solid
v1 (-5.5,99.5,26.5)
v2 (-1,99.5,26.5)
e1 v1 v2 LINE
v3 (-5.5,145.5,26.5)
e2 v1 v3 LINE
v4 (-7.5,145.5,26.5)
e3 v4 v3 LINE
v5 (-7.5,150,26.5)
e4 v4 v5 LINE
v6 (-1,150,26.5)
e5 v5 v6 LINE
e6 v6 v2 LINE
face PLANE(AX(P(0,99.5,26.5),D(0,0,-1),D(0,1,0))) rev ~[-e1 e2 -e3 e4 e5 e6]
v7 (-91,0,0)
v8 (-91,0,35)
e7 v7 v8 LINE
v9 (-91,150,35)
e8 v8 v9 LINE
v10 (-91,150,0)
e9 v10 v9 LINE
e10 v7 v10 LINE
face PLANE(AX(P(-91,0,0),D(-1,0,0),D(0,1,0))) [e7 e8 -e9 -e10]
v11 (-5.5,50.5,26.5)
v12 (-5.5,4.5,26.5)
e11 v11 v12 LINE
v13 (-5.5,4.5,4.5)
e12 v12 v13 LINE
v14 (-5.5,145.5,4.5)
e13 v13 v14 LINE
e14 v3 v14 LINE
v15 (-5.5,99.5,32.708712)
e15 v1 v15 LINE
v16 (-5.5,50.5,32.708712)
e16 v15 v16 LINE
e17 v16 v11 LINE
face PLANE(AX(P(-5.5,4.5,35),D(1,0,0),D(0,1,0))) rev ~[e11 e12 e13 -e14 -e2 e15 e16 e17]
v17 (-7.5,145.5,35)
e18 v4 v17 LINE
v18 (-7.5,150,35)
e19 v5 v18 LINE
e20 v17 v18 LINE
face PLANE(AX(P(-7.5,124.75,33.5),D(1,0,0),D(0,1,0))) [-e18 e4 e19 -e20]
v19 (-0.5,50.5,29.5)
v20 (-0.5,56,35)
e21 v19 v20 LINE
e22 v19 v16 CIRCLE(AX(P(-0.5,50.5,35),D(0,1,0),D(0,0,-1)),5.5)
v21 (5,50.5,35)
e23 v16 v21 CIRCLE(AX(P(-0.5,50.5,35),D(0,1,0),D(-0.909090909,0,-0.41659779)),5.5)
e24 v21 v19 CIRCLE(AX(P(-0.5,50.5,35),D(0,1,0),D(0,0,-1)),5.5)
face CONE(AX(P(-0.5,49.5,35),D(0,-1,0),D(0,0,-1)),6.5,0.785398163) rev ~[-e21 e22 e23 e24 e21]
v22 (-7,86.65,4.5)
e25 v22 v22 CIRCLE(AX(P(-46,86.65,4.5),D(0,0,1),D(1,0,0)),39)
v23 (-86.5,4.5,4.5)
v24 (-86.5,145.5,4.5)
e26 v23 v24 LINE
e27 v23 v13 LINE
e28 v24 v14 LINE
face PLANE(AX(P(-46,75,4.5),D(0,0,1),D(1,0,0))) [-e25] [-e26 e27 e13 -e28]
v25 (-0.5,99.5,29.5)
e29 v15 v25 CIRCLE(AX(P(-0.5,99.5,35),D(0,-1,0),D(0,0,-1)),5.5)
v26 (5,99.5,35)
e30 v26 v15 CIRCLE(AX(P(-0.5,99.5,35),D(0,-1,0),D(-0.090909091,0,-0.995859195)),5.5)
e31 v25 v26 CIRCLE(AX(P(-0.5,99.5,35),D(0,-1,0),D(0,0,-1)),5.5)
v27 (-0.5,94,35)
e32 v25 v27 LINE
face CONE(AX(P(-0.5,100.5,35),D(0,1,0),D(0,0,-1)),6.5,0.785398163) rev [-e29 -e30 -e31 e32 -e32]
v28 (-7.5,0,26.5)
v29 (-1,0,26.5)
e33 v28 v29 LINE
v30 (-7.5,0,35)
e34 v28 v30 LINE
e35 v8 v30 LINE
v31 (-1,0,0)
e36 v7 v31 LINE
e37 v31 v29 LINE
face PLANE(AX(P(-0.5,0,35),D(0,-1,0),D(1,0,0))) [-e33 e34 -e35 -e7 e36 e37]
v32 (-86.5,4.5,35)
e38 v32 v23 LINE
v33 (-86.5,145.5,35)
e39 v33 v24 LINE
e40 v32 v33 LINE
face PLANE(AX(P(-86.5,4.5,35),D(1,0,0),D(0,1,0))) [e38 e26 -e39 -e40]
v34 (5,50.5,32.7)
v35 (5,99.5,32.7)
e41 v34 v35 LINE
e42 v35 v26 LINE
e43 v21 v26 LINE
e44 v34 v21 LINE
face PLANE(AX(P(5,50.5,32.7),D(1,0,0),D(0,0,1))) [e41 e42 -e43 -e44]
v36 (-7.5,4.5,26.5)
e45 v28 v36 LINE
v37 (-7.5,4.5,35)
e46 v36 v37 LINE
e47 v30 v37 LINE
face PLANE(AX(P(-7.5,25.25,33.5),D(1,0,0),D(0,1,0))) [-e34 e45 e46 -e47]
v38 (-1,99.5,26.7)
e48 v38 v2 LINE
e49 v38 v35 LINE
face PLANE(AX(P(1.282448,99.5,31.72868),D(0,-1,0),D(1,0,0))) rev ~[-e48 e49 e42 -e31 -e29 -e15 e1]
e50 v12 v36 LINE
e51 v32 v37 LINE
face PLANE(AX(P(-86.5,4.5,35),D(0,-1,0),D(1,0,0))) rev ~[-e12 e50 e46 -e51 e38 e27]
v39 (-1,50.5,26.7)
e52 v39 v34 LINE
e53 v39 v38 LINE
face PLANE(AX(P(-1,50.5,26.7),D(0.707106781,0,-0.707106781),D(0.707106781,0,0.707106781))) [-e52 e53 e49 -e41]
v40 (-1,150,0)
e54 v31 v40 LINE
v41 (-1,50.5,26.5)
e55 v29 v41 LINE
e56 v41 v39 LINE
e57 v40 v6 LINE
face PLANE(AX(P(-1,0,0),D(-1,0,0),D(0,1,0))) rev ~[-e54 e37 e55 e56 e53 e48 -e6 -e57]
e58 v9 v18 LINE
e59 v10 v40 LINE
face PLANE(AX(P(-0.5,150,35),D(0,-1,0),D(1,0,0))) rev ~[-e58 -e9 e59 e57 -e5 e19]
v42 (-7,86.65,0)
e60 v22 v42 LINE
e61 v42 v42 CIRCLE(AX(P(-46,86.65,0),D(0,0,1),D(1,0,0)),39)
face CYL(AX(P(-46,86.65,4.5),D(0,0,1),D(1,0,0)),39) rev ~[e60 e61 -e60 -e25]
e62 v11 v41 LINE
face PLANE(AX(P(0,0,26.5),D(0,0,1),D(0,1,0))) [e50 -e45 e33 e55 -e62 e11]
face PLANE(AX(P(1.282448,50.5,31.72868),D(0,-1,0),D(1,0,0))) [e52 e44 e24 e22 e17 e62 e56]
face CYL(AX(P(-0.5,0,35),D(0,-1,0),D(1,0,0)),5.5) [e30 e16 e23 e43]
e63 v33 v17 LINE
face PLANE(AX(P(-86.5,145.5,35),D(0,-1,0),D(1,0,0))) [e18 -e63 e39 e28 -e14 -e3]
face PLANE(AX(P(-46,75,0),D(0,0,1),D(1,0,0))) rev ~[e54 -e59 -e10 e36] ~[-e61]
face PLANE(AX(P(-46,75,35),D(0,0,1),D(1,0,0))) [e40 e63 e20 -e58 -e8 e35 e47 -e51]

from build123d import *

# Parameters (mm, degrees)
SKETCH010_W     = 90
SKETCH010_H     = 150
PAD004_DEPTH    = 35
SKETCH011_W     = 81
SKETCH011_H     = 141
POCKET004_DEPTH = 30.5
SKETCH012_R     = 5.5
PAD005_DEPTH    = 150
SKETCH015_W     = 50.5
SKETCH015_H     = 14
POCKET006_DEPTH = 7.5
PAD007_DEPTH    = 49
SKETCH024_R     = 39
POCKET009_DEPTH = 5


with BuildPart() as part:
    # Sketch010 → Pad004 (new body)
    with BuildSketch(Plane.XY):
        with Locations((-46, 75)):
            Rectangle(SKETCH010_W, SKETCH010_H)
    extrude(amount=PAD004_DEPTH)

    # Sketch011 (on Face6 of Pad004) → Pocket004 (cut)
    with BuildSketch(Plane.XY.offset(35)):
        with Locations((-46, 75)):
            Rectangle(SKETCH011_W, SKETCH011_H)
    extrude(amount=-POCKET004_DEPTH, mode=Mode.SUBTRACT)

    # Sketch012 → Pad005 (join)
    with BuildSketch(Plane.XZ):
        with Locations((-0.5, 35)):
            Circle(SKETCH012_R)
    extrude(amount=-PAD005_DEPTH)

    # Sketch015 → Pocket006 (cut, symmetric)
    with BuildSketch(Plane.YZ):
        with Locations((25.25, 33.5)):
            Rectangle(SKETCH015_W, SKETCH015_H)
        with Locations((124.75, 33.5)):
            Rectangle(SKETCH015_W, SKETCH015_H)
    extrude(amount=POCKET006_DEPTH, both=True, mode=Mode.SUBTRACT)

    # Sketch016 (on Face13 of Pocket006) → Pad007 (join)
    with BuildSketch(Plane.XZ.offset(-50.5)):
        Polygon((-1, 26.7), (5, 32.7), (5, 35), (-1, 35), align=None)
    extrude(amount=-PAD007_DEPTH)

    # Sketch020 (on DatumPlane) → Groove (revolve, cut)
    with BuildSketch(Plane(origin=(-0.5, 99.5, 0), x_dir=(0, -1, 0), z_dir=(-1, 0, 0))):
        Polygon((-1, 28.5), (5.5, 35), (-1, 35), align=None)
        Polygon((50, 28.5), (43.5, 35), (50, 35), align=None)
    revolve(axis=Axis((-0.5, 94, 35), (0, 1, 0)), mode=Mode.SUBTRACT)

    # Sketch024 (on Face18 of Groove) → Pocket009 (cut)
    with BuildSketch(Plane.XY.offset(4.5)):
        with Locations((-46, 86.65)):
            Circle(SKETCH024_R)
    extrude(amount=-POCKET009_DEPTH, mode=Mode.SUBTRACT)


solid = part.part
